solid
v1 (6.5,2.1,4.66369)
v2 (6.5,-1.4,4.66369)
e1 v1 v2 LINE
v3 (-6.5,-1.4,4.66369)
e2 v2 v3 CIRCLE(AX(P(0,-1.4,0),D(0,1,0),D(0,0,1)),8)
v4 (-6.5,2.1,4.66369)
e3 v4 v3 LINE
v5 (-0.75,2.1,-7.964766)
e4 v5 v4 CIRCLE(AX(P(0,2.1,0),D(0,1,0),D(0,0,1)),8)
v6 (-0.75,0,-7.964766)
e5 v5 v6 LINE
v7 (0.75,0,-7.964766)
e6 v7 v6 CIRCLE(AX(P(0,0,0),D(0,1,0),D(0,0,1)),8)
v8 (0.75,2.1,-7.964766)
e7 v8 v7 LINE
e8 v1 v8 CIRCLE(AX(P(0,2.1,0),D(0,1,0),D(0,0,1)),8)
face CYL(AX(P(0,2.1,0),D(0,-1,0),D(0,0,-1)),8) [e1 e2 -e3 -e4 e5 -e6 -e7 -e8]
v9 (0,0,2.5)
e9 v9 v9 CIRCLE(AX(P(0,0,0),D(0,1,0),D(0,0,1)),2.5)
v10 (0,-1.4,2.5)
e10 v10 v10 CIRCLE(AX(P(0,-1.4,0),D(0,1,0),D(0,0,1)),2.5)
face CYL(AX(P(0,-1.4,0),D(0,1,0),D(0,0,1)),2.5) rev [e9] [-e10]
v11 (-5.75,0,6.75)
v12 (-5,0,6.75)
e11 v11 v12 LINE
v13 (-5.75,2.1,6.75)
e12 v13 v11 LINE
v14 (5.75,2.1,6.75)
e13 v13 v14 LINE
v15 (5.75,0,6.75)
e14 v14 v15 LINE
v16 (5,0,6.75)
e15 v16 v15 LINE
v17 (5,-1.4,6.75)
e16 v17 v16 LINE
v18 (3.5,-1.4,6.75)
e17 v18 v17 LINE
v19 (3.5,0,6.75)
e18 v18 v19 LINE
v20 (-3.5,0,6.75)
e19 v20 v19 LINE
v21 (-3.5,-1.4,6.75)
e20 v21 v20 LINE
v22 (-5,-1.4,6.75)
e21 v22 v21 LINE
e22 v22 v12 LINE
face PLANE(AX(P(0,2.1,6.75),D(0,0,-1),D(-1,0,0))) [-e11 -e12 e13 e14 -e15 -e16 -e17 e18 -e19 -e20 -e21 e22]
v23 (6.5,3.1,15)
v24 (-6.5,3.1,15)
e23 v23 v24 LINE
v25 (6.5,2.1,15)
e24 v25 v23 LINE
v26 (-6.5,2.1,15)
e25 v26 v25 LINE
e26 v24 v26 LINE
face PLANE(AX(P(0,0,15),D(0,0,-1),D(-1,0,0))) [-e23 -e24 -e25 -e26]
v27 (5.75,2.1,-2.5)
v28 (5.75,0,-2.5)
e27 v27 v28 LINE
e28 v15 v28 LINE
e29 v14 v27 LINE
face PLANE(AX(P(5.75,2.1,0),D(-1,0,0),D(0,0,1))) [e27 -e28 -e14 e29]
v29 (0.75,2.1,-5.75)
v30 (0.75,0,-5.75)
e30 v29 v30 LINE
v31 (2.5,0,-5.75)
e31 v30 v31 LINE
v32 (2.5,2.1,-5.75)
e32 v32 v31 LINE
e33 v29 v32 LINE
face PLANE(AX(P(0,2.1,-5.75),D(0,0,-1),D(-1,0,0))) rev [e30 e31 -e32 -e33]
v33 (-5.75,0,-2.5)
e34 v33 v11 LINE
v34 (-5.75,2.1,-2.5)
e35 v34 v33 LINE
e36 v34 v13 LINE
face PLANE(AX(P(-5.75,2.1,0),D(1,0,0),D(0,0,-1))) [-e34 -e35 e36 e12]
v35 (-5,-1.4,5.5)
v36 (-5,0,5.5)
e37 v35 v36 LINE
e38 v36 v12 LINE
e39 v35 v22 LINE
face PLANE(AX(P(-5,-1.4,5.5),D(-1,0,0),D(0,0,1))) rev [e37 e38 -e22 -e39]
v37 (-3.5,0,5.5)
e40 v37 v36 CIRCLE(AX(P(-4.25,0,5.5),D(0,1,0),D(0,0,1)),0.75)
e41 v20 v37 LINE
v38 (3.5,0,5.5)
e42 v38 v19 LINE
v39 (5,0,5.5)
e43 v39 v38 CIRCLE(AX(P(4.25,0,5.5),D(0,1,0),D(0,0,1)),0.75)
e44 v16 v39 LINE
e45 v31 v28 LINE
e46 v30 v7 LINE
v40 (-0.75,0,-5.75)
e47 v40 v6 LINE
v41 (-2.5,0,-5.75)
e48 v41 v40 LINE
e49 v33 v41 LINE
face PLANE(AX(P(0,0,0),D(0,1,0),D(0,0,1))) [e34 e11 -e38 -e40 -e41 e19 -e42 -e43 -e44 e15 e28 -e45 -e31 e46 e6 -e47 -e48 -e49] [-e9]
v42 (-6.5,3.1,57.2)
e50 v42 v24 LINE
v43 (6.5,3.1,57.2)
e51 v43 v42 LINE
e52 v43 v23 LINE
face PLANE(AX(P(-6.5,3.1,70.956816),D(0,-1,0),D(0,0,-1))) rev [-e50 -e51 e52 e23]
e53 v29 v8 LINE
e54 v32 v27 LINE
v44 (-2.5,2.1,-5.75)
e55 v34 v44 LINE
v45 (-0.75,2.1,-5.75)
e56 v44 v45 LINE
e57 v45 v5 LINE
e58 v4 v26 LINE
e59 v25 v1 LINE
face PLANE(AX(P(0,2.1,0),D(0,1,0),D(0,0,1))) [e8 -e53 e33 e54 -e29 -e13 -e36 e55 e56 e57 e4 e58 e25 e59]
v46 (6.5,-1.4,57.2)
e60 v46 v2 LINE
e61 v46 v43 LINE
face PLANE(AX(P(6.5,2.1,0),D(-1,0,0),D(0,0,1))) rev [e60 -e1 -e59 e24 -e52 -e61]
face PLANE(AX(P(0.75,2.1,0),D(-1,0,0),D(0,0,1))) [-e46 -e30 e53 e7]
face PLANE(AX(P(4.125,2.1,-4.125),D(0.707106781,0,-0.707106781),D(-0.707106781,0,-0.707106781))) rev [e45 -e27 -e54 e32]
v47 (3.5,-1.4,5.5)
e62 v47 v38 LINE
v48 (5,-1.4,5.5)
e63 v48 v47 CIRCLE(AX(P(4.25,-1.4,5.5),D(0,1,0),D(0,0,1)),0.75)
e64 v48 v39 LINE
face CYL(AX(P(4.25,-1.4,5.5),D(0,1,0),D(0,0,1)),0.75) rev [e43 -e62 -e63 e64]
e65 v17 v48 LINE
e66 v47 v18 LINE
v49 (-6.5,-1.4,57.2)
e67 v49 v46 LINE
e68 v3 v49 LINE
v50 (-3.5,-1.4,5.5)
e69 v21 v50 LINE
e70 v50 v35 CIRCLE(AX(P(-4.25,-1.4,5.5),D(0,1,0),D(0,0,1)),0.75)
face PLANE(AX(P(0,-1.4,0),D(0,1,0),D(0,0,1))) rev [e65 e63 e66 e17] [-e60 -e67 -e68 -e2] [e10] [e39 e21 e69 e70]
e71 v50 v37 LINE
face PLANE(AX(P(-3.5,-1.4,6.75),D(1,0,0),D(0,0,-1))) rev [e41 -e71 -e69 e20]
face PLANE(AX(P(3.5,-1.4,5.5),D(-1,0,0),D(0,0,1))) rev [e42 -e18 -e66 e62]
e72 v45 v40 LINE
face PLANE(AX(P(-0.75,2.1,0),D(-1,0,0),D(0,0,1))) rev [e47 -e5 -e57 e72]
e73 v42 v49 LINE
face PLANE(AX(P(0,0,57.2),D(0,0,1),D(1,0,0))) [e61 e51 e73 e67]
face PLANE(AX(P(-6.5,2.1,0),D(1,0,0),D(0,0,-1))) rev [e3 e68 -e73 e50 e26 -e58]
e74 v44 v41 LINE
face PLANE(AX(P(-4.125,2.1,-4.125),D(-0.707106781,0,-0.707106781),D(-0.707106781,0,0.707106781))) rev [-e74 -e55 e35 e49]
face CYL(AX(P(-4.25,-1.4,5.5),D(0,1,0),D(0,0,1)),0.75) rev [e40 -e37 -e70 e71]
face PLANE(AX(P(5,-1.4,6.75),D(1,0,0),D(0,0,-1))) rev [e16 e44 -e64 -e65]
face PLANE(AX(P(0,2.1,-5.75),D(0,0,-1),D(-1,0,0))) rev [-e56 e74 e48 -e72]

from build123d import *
from build123d.topology import SkipClean

# Parameters (mm, degrees)
BOSS_EXTRUDE1_DEPTH = 2.1
BOSS_EXTRUDE2_START = -1.4
SKETCH2_R           = 2.5
BOSS_EXTRUDE2_DEPTH = 1.4
SKETCH4_W           = 13
SKETCH4_H           = 4.5
BOSS_EXTRUDE3_DEPTH = 42.2


with BuildPart() as part:
    # Sketch1 → Boss-Extrude1 (new body)
    with BuildSketch(Plane(origin=(0, 0, 0), x_dir=(1, 0, 0), z_dir=(0, 1, 0))):
        with BuildLine():
            Line((-5.75, 2.5), (-2.5, 5.75))
            Line((-2.5, 5.75), (-0.75, 5.75))
            Line((-0.75, 5.75), (-0.75, 7.964766161))
            ThreePointArc((-0.75, 7.964766161), (-7.280803408, 3.31510207), (-6.5, -4.663689527))
            Line((-6.5, -4.663689527), (-6.5, -15))
            Line((-6.5, -15), (6.5, -15))
            Line((6.5, -15), (6.5, -4.663689527))
            ThreePointArc((6.5, -4.663689527), (7.280803408, 3.31510207), (0.75, 7.964766161))
            Line((0.75, 7.964766161), (0.75, 5.75))
            Line((0.75, 5.75), (2.5, 5.75))
            Line((2.5, 5.75), (5.75, 2.5))
            Line((5.75, 2.5), (5.75, -6.75))
            Line((5.75, -6.75), (-5.75, -6.75))
            Line((-5.75, -6.75), (-5.75, 2.5))
        make_face()
    extrude(amount=BOSS_EXTRUDE1_DEPTH)

    # Sketch2 → Boss-Extrude2 (add)
    with SkipClean():  # the faces are left unmerged after this step: merging them gives an invalid solid
        with BuildSketch(Plane(origin=(0, 0, 0), x_dir=(1, 0, 0), z_dir=(0, 1, 0)).offset(BOSS_EXTRUDE2_START)):
            with BuildLine():
                Line((6.5, -4.663689527), (6.5, -15))
                Line((6.5, -15), (-6.5, -15))
                Line((-6.5, -15), (-6.5, -4.663689527))
                ThreePointArc((-6.5, -4.663689527), (0, 8), (6.5, -4.663689527))
            make_face()
            with Locations(Location((0, 0, 0), (0, 0, 270))):
                Circle(SKETCH2_R, mode=Mode.SUBTRACT)
            with BuildLine():
                Line((-5, -5.5), (-5, -6.75))
                Line((-5, -6.75), (-3.5, -6.75))
                Line((-3.5, -6.75), (-3.5, -5.5))
                ThreePointArc((-3.5, -5.5), (-4.25, -4.75), (-5, -5.5))
            make_face(mode=Mode.SUBTRACT)
            with BuildLine():
                Line((3.5, -5.5), (3.5, -6.75))
                Line((3.5, -6.75), (5, -6.75))
                Line((5, -6.75), (5, -5.5))
                ThreePointArc((5, -5.5), (4.25, -4.75), (3.5, -5.5))
            make_face(mode=Mode.SUBTRACT)
        extrude(amount=BOSS_EXTRUDE2_DEPTH)

    # Sketch4 → Boss-Extrude3 (add)
    with SkipClean():  # the faces are left unmerged after this step: merging them gives an invalid solid
        with BuildSketch(Plane.XY.offset(15)):
            with Locations((0, 0.85)):
                Rectangle(SKETCH4_W, SKETCH4_H)
        extrude(amount=BOSS_EXTRUDE3_DEPTH)


solid = part.part
